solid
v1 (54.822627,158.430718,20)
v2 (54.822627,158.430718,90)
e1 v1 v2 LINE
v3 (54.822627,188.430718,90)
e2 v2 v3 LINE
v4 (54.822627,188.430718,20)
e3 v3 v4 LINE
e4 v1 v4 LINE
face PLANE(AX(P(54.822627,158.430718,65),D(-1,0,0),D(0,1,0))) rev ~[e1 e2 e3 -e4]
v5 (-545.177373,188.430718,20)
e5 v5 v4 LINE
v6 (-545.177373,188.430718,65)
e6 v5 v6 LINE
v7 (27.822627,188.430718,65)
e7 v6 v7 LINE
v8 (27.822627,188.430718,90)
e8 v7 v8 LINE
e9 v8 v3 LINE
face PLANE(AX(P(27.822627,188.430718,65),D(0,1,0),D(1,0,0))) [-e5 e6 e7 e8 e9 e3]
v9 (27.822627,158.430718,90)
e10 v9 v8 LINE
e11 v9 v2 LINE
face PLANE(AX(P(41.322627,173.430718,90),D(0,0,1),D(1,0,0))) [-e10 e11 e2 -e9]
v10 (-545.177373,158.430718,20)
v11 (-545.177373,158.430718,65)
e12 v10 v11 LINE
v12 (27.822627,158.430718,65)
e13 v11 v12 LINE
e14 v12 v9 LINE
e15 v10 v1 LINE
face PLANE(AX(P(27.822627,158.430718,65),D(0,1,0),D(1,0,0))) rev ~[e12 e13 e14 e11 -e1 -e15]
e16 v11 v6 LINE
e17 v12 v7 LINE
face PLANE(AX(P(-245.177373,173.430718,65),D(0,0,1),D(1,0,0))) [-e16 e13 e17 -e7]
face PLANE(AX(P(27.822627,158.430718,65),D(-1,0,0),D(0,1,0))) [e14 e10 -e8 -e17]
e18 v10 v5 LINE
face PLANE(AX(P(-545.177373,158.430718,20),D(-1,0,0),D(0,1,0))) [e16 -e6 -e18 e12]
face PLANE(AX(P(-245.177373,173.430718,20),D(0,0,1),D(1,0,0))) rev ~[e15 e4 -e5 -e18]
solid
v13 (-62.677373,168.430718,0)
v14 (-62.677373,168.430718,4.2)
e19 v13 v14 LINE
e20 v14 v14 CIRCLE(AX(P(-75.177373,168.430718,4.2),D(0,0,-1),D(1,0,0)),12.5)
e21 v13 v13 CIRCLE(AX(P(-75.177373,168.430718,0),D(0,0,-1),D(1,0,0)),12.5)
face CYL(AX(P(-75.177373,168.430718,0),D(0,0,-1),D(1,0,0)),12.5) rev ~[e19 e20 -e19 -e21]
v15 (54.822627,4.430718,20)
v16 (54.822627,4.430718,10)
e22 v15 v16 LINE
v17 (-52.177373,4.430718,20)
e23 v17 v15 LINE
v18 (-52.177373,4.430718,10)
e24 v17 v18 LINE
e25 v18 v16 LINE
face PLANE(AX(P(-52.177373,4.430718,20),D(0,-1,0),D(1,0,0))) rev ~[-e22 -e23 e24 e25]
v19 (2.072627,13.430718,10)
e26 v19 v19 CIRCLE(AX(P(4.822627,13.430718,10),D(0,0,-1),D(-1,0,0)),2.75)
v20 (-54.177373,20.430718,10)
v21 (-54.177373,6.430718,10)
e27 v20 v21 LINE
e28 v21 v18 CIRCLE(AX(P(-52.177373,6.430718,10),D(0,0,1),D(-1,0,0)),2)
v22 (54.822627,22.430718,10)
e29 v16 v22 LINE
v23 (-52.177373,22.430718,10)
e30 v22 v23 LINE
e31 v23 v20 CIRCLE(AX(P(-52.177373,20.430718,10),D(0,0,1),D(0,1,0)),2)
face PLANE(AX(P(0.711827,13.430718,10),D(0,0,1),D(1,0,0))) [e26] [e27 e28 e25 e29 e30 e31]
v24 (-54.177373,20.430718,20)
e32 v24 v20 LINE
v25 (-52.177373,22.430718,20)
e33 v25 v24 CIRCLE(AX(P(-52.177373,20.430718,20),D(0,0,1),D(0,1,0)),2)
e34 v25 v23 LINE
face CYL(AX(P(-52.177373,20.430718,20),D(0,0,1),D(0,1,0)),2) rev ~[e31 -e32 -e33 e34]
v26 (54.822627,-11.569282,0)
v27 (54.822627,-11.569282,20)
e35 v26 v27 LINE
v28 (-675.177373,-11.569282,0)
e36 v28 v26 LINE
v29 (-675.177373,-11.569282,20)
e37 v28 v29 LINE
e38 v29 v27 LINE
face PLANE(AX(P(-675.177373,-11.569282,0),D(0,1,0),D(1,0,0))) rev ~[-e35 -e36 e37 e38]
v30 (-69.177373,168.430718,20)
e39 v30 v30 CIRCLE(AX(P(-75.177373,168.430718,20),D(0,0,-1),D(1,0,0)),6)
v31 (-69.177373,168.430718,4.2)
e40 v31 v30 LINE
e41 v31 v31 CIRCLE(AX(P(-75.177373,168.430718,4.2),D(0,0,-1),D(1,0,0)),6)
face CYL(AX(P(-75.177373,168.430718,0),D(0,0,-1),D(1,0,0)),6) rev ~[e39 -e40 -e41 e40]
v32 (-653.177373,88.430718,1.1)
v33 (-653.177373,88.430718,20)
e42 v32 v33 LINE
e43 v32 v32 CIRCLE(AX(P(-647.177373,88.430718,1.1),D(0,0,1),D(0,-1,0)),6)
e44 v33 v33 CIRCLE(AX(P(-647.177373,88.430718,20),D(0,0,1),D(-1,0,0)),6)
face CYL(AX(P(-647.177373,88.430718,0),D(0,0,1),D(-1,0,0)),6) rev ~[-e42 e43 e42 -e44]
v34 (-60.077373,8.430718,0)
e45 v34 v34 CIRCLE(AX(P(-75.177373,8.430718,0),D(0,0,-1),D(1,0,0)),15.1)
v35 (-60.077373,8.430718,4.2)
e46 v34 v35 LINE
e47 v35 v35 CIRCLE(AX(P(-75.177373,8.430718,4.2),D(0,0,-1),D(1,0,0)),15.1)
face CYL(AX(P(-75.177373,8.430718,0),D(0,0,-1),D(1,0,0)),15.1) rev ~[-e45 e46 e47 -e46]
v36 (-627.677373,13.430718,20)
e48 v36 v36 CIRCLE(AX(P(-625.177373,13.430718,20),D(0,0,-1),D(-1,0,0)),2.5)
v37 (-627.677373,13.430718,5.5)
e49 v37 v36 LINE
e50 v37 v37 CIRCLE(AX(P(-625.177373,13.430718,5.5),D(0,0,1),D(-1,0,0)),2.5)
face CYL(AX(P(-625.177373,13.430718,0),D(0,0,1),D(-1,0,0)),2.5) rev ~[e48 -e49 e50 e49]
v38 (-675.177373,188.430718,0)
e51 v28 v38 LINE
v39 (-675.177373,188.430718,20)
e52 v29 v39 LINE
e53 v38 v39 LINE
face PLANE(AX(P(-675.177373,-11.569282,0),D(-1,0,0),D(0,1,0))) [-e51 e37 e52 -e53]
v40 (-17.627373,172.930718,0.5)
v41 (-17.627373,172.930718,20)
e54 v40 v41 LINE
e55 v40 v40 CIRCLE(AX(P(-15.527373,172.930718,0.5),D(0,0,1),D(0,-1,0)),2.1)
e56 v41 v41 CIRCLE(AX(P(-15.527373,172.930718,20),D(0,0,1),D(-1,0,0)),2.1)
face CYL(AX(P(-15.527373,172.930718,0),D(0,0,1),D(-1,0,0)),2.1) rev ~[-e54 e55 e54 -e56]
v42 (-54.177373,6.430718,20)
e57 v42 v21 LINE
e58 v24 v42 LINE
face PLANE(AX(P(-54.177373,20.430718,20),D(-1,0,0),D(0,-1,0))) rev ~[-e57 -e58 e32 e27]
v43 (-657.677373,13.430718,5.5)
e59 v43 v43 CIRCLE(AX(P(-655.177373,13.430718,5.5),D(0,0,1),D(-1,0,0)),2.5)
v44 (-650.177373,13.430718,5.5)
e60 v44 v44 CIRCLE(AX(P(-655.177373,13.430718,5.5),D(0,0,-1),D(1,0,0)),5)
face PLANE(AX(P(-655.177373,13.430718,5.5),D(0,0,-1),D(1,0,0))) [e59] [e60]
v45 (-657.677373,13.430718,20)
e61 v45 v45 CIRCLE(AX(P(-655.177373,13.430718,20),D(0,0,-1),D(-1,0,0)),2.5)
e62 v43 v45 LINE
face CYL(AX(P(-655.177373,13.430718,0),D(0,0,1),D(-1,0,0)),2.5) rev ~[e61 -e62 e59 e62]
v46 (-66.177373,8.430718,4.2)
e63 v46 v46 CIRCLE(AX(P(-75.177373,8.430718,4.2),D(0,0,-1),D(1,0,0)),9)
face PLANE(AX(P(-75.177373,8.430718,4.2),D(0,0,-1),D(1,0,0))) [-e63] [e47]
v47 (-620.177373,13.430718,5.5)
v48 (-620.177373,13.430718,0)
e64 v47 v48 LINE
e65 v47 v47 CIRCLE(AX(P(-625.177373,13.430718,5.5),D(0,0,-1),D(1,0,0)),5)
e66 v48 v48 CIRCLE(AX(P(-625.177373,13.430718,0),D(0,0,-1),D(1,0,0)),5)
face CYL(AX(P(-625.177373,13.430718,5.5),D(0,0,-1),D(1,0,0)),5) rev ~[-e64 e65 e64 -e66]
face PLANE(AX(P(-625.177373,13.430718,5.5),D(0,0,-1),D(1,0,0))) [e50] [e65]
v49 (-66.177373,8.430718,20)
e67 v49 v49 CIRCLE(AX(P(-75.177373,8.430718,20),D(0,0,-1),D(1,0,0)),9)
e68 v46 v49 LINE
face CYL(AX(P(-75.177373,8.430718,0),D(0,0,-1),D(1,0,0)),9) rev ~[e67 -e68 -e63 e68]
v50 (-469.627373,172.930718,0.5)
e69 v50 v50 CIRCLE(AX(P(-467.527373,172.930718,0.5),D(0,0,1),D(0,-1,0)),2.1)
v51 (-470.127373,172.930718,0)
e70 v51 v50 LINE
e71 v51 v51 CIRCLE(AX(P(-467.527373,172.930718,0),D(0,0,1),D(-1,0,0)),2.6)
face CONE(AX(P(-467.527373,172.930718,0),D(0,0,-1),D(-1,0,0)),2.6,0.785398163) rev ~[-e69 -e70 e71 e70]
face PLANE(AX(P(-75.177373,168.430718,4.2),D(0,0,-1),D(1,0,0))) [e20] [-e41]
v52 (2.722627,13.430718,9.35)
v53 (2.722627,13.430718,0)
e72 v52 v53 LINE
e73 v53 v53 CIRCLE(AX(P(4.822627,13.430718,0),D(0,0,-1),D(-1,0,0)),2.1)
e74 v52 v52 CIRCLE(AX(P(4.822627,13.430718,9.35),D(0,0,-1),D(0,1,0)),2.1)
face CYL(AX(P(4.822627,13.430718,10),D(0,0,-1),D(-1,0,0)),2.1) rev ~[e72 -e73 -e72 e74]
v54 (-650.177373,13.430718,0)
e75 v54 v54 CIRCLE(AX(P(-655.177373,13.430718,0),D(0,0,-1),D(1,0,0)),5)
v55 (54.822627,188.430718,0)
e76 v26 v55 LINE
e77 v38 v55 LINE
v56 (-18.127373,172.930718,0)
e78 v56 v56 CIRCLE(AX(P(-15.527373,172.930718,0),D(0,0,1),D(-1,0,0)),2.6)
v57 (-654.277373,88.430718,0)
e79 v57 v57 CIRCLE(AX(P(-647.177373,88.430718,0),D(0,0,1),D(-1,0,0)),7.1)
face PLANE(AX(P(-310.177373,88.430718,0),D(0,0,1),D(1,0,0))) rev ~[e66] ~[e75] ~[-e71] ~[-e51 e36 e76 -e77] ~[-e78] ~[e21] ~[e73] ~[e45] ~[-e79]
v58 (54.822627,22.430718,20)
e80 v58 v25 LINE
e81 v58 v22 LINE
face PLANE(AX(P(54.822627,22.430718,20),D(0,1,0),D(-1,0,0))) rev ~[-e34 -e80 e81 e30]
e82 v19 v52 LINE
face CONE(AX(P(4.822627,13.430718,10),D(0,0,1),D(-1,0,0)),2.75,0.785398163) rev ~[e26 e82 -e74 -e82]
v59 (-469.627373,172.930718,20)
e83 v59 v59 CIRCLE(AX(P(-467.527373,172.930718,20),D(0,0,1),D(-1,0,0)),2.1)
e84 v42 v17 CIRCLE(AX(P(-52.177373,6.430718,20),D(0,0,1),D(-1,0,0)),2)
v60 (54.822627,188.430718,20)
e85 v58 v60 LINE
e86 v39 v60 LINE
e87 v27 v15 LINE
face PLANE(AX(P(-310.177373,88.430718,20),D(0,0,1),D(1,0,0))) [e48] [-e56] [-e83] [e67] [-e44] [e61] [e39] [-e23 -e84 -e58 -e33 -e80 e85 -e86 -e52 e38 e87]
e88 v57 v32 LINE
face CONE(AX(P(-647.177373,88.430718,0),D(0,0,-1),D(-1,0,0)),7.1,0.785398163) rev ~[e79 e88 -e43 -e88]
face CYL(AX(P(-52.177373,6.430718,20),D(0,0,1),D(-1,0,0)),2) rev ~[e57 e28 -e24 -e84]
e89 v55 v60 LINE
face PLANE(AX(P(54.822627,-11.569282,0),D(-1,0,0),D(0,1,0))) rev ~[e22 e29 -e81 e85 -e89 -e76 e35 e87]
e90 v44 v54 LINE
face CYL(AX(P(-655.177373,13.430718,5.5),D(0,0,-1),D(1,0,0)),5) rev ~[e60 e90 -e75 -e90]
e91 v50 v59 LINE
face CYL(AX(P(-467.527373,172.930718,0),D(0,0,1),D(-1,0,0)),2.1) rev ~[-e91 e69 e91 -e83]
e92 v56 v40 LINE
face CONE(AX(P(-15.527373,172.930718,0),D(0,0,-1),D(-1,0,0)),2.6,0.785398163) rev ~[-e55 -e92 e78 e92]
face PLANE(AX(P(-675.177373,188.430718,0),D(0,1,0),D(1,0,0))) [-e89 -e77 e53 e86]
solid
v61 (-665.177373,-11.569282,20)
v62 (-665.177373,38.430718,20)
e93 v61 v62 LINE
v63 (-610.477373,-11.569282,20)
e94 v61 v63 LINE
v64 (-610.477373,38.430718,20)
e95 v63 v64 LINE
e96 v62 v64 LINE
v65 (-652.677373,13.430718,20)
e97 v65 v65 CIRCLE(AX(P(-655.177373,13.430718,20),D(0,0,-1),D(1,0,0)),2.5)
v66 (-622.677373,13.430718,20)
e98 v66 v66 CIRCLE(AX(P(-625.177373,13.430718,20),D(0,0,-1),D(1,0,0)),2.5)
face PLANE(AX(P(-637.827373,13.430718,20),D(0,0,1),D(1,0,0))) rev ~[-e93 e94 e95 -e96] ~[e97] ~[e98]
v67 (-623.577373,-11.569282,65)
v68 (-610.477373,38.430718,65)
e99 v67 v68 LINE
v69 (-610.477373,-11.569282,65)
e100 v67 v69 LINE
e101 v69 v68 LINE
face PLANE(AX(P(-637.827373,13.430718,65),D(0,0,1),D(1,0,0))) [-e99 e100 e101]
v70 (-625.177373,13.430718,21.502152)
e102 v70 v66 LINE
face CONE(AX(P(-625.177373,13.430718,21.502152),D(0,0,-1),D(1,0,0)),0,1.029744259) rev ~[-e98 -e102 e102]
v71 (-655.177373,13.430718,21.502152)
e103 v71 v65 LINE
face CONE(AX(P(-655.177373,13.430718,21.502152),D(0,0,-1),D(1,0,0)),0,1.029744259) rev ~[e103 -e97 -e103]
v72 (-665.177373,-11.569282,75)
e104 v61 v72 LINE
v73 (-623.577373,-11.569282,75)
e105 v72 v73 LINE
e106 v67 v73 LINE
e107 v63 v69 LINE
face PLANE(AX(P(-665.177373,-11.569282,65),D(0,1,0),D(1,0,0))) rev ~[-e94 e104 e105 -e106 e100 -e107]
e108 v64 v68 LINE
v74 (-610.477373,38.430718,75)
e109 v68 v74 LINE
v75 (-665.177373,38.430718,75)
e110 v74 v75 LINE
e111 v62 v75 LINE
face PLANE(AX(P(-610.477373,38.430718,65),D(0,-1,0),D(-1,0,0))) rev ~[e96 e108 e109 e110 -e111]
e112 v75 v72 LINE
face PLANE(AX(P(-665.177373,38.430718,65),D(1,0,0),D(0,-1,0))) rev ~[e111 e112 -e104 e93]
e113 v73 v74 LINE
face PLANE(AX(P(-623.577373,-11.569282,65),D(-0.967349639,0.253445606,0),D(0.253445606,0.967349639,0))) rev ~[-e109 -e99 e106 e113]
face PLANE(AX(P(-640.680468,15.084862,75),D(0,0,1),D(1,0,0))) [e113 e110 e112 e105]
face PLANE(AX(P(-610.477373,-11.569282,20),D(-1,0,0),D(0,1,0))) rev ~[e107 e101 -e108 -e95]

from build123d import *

# Parameters (mm, degrees)
F0_W              = 730
F0_H              = 200
F1_DEPTH          = 20
F2_W              = 600
F2_H              = 30
F3_DEPTH          = 45
F4_W              = 27
F4_H              = 30
F5_DEPTH          = 25
F6_W              = 54.7
F6_H              = 50
F7_DEPTH          = 45
F9_DEPTH          = 10
F11_DEPTH         = 10
F13_D             = 4.2
F13_CSINK_D       = 5.5
F13_CSINK_ANGLE   = 90
F15_D             = 4.2
F15_CSINK_D       = 5.2
F15_CSINK_ANGLE   = 90
F16_D             = 12
F16_CSINK_D       = 14.2
F16_CSINK_ANGLE   = 90
F17_D             = 5
F17_DEPTH         = 20
F17_CBORE_D       = 10
F17_CBORE_DEPTH   = 5.5
F17_TIP           = 1.5021515476
F17_2_D           = 5
F17_2_DEPTH       = 20
F17_2_CBORE_D     = 10
F17_2_CBORE_DEPTH = 5.5
F17_2_TIP         = 1.5021515476
F18_R             = 9
F18_R_2           = 6
F19_DEPTH         = 90.001
F20_R             = 15.1
F20_R_2           = 9
F20_R_3           = 12.5
F20_R_4           = 6
F21_DEPTH         = 4.2


with BuildPart() as f1:
    # F0 (on Top) → F1 (new body)
    with BuildSketch(Plane.XY):
        with Locations((-310.177372545, 88.43071796)):
            Rectangle(F0_W, F0_H)
    extrude(amount=F1_DEPTH)

    # F10 (on face) → F11 (cut)
    with BuildSketch(Plane.XY.offset(20)):
        with BuildLine():
            Line((54.822627455, 4.43071796), (54.822627455, 22.43071796))
            Line((54.822627455, 22.43071796), (-52.177372545, 22.43071796))
            ThreePointArc((-52.177372545, 22.43071796), (-53.5915861074, 21.8449315224), (-54.177372545, 20.43071796))
            Line((-54.177372545, 20.43071796), (-54.177372545, 6.43071796))
            ThreePointArc((-54.177372545, 6.43071796), (-53.5915861074, 5.0165043976), (-52.177372545, 4.43071796))
            Line((-52.177372545, 4.43071796), (54.822627455, 4.43071796))
        make_face()
    extrude(amount=-F11_DEPTH, mode=Mode.SUBTRACT)

    # F13 (through all)
    with Locations(Plane.XY.offset(10)):
        with Locations((4.822627455, 13.43071796)):
            CounterSinkHole(F13_D / 2, F13_CSINK_D / 2, counter_sink_angle=F13_CSINK_ANGLE)

    # F15 (through all)
    with Locations(Plane(origin=(0, 0, 0), x_dir=(1, 0, 0), z_dir=(0, 0, -1))):
        with Locations((-15.527372545, -172.93071796), (-467.527372545, -172.93071796)):
            CounterSinkHole(F15_D / 2, F15_CSINK_D / 2, counter_sink_angle=F15_CSINK_ANGLE)

    # F16 (through all)
    with Locations(Plane(origin=(0, 0, 0), x_dir=(1, 0, 0), z_dir=(0, 0, -1))):
        with Locations((-647.177372545, -88.43071796)):
            CounterSinkHole(F16_D / 2, F16_CSINK_D / 2, counter_sink_angle=F16_CSINK_ANGLE)

    # F17
    with Locations(Plane(origin=(0, 0, 0), x_dir=(1, 0, 0), z_dir=(0, 0, -1))):
        with Locations((-655.177372545, -13.43071796), (-625.177372545, -13.43071796)):
            CounterBoreHole(F17_D / 2, F17_CBORE_D / 2, F17_CBORE_DEPTH, depth=F17_DEPTH)
            with Locations((0, 0, -(F17_DEPTH + F17_TIP / 2))):  # 118° drill point
                Cone(0, F17_D / 2, F17_TIP, mode=Mode.SUBTRACT)

    # F18 (on face) → F19 (cut, through all)
    with BuildSketch(Plane(origin=(0, 0, 0), x_dir=(1, 0, 0), z_dir=(0, 0, -1))):
        with Locations((-75.177372545, -8.43071796)):
            Circle(F18_R)
        with Locations((-75.177372545, -168.43071796)):
            Circle(F18_R_2)
    extrude(amount=-F19_DEPTH, mode=Mode.SUBTRACT)

    # F20 (on face) → F21 (cut)
    with BuildSketch(Plane(origin=(0, 0, 0), x_dir=(1, 0, 0), z_dir=(0, 0, -1))):
        with Locations((-75.177372545, -8.43071796)):
            Circle(F20_R)
        with Locations((-75.177372545, -8.43071796)):
            Circle(F20_R_2, mode=Mode.SUBTRACT)
        with Locations((-75.177372545, -168.43071796)):
            Circle(F20_R_3)
        with Locations((-75.177372545, -168.43071796)):
            Circle(F20_R_4, mode=Mode.SUBTRACT)
    extrude(amount=-F21_DEPTH, mode=Mode.SUBTRACT)


with BuildPart() as f3:
    # F2 (on face) → F3 (new body)
    with BuildSketch(Plane.XY.offset(20)):
        with Locations((-245.177372545, 173.43071796)):
            Rectangle(F2_W, F2_H)
    extrude(amount=F3_DEPTH)

    # F4 (on face) → F5 (join)
    with BuildSketch(Plane.XY.offset(65)):
        with Locations((41.322627455, 173.43071796)):
            Rectangle(F4_W, F4_H)
    extrude(amount=F5_DEPTH)


with BuildPart() as f7:
    # F6 (on face) → F7 (new body)
    with BuildSketch(Plane.XY.offset(20)):
        with Locations((-637.827372545, 13.43071796)):
            Rectangle(F6_W, F6_H)
    extrude(amount=F7_DEPTH)

    # F8 (on face) → F9 (join)
    with BuildSketch(Plane.XY.offset(65)):
        Polygon((-610.477372545, 38.43071796), (-665.177372545, 38.43071796), (-665.177372545, -11.56928204), (-623.577372545, -11.56928204), align=None)
    extrude(amount=F9_DEPTH)

    # F17#2
    with Locations(Plane(origin=(0, 0, 0), x_dir=(1, 0, 0), z_dir=(0, 0, -1))):
        with Locations((-655.177372545, -13.43071796), (-625.177372545, -13.43071796)):
            CounterBoreHole(F17_2_D / 2, F17_2_CBORE_D / 2, F17_2_CBORE_DEPTH, depth=F17_2_DEPTH)
            with Locations((0, 0, -(F17_2_DEPTH + F17_2_TIP / 2))):  # 118° drill point
                Cone(0, F17_2_D / 2, F17_2_TIP, mode=Mode.SUBTRACT)


solid = Compound([f1.part, f3.part, f7.part])
